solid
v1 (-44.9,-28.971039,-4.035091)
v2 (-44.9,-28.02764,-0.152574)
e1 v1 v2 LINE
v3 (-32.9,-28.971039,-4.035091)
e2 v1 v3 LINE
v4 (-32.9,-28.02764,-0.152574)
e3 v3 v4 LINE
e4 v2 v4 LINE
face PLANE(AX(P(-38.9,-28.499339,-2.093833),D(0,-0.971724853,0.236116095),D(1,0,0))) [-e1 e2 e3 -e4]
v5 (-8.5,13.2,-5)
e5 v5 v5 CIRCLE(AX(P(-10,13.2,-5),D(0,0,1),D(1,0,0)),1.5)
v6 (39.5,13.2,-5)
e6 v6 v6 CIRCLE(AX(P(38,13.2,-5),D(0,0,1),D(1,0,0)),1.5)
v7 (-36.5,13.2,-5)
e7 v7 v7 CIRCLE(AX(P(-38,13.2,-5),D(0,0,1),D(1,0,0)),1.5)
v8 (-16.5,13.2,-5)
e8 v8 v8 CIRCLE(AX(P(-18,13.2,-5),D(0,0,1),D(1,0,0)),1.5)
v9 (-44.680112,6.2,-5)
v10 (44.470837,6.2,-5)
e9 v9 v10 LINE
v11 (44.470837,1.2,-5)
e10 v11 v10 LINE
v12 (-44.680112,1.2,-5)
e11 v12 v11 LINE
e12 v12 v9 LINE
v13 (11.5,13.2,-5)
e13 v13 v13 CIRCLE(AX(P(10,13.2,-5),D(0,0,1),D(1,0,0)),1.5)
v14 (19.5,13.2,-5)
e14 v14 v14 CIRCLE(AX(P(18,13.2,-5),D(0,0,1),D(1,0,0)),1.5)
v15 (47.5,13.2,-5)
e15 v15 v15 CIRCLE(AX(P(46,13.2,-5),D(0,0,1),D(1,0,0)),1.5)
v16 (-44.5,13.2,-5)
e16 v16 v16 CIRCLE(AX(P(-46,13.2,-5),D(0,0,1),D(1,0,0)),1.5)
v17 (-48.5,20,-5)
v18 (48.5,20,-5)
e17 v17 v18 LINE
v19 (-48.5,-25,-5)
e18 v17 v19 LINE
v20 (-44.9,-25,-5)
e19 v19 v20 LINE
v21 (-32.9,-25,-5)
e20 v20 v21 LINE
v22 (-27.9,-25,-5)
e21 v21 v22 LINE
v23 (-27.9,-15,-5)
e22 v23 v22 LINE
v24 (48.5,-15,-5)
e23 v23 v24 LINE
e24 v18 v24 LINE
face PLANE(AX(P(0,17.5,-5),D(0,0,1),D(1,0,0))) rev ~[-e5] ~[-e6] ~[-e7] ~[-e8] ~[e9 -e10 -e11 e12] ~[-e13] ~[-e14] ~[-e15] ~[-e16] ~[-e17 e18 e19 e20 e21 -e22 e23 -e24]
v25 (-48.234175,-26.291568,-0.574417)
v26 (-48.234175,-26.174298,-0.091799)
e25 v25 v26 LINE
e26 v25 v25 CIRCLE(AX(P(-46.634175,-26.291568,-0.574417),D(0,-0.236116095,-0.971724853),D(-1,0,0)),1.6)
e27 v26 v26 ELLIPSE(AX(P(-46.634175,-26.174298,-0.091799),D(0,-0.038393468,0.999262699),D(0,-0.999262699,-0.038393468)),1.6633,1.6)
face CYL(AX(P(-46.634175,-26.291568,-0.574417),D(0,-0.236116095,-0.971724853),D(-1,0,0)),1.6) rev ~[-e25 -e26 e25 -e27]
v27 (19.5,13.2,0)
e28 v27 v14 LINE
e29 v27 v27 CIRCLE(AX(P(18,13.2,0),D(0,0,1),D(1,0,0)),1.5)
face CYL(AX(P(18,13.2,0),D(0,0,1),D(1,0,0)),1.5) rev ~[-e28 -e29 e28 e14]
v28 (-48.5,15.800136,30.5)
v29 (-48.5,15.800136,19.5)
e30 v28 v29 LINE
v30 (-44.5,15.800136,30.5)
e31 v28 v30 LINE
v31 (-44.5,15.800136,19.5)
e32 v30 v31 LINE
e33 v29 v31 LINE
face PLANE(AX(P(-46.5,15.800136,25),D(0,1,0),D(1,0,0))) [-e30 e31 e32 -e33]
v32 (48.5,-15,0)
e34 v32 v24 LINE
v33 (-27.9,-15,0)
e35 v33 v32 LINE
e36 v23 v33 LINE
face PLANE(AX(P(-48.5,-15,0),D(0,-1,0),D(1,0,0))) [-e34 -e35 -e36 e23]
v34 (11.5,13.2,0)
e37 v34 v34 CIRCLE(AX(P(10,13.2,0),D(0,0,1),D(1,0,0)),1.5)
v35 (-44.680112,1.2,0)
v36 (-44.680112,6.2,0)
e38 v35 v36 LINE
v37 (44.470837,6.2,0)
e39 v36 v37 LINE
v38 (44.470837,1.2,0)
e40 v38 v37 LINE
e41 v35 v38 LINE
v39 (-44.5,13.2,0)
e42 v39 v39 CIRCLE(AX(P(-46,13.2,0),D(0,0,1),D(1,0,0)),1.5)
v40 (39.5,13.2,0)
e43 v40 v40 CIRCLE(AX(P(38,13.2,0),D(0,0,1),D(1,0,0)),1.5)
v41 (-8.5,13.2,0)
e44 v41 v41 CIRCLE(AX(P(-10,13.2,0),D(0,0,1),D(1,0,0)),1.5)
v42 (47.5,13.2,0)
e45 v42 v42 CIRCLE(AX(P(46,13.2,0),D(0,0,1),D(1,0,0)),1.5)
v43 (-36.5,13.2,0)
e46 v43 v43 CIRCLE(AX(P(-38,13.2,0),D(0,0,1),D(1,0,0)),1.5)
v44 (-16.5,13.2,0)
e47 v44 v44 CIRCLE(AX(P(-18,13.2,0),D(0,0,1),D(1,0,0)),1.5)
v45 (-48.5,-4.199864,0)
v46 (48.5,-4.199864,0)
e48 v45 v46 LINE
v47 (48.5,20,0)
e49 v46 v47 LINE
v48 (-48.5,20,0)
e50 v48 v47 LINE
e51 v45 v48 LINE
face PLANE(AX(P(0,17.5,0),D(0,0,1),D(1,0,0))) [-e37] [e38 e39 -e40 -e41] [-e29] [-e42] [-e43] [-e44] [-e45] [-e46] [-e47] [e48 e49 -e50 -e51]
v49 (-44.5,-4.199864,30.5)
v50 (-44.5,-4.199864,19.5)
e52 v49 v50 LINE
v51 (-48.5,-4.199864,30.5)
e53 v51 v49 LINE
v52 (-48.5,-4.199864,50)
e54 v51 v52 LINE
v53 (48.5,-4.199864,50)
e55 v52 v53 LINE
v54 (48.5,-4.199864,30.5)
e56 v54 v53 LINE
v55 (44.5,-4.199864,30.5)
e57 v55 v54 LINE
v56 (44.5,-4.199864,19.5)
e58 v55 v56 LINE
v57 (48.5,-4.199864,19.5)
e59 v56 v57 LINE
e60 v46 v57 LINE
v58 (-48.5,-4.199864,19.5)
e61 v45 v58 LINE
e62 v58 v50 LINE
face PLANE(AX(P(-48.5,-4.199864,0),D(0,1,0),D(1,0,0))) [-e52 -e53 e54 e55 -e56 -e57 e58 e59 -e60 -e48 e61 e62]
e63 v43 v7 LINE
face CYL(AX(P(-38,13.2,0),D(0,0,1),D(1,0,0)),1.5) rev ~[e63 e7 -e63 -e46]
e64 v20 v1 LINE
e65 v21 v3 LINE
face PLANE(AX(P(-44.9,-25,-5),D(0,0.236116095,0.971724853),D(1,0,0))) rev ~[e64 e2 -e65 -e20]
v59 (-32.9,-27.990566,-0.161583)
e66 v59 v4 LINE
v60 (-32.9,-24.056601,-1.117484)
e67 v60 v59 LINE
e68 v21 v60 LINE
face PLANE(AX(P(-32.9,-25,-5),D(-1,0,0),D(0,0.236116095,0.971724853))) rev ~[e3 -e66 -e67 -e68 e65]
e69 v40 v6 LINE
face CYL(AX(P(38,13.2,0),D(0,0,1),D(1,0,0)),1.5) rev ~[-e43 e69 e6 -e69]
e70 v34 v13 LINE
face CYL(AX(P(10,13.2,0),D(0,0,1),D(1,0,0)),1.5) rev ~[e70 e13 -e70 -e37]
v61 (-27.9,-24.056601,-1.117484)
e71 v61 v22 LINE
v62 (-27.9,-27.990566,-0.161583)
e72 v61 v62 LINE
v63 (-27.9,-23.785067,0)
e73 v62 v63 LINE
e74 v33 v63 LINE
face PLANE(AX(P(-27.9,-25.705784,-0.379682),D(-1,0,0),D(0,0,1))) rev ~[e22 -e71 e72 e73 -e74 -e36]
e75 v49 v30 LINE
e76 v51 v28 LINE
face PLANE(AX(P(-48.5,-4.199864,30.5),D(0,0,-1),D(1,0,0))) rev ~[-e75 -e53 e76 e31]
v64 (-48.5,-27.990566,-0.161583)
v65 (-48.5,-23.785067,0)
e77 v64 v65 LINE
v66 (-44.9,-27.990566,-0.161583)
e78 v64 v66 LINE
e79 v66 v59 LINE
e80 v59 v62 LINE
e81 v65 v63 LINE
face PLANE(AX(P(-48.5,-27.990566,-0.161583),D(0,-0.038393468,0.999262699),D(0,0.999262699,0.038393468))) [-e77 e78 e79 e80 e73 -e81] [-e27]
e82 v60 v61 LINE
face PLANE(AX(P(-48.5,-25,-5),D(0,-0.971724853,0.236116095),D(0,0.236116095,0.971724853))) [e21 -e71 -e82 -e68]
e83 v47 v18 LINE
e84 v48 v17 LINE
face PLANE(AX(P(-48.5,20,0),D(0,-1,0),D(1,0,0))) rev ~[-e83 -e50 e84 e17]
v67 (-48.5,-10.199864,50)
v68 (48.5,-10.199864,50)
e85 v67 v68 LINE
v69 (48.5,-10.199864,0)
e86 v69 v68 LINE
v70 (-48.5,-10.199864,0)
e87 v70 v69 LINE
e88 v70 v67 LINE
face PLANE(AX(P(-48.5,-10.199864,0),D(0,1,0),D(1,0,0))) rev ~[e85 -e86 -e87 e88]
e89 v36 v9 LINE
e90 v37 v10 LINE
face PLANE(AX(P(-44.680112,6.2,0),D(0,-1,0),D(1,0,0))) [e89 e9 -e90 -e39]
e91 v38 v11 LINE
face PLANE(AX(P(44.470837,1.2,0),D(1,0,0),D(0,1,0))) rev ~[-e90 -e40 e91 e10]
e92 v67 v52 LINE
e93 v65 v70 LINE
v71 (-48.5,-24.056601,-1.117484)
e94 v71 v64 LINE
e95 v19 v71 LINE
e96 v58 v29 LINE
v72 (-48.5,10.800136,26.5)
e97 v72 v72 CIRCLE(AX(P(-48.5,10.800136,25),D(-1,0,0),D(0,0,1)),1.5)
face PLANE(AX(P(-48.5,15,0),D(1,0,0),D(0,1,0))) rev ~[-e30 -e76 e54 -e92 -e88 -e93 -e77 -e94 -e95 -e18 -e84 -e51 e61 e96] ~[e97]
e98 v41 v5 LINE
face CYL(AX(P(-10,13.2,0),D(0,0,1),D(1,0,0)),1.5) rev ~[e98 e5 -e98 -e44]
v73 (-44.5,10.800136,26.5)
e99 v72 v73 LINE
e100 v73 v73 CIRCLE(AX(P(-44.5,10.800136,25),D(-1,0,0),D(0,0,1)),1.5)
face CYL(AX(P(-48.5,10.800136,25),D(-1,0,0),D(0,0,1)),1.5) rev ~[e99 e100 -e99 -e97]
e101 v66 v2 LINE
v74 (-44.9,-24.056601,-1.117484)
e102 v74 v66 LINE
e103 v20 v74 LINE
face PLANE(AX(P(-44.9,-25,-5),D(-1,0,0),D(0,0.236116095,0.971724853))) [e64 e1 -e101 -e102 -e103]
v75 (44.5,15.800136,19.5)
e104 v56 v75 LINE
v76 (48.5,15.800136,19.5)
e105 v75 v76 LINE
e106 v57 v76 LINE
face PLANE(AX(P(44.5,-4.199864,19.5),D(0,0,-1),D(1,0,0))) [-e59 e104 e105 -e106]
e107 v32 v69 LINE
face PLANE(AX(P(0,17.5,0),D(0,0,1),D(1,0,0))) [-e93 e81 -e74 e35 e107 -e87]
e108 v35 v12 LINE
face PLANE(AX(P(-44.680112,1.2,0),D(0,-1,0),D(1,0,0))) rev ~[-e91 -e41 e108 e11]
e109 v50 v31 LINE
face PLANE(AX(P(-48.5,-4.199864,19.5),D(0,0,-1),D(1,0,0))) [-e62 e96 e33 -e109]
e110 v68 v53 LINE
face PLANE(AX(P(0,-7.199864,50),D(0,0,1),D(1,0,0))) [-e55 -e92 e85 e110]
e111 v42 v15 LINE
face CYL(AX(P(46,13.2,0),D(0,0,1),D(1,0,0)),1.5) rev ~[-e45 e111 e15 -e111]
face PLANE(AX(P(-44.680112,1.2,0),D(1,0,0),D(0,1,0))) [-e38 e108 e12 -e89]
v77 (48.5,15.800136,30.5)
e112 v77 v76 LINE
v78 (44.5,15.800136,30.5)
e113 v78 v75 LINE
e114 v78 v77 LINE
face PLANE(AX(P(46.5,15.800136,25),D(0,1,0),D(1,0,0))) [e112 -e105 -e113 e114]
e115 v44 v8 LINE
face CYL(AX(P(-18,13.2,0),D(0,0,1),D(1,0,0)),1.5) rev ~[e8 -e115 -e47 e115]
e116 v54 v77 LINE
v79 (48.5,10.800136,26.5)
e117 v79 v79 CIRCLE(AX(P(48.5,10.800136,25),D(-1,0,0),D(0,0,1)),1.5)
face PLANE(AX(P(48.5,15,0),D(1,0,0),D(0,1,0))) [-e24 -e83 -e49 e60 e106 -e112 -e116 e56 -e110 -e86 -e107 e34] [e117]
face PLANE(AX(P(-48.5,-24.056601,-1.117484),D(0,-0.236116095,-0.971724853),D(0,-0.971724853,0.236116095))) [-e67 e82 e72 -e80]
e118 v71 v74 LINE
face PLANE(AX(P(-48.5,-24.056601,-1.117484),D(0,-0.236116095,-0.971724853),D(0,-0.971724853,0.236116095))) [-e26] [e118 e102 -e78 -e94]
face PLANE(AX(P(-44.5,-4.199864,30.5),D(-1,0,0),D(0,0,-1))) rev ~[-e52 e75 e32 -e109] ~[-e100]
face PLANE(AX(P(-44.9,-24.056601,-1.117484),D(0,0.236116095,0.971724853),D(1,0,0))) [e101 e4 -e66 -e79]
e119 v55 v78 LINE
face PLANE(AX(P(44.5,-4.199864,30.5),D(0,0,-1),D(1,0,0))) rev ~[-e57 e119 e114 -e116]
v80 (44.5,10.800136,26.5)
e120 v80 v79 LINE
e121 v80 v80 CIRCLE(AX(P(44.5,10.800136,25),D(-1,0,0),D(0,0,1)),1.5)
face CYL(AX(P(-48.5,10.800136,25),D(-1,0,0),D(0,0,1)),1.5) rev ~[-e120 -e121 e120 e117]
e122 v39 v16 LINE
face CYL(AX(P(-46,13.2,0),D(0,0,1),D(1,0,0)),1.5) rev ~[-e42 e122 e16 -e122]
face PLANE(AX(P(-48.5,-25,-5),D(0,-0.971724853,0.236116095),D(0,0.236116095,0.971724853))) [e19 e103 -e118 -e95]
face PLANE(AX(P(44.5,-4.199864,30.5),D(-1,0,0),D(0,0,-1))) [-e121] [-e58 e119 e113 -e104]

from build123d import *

# Parameters (mm, degrees)
SKETCH1_W                      = 97
SKETCH1_H                      = 30
SKETCH1_R                      = 1.5
BOSS_EXTRUDE1_DEPTH            = 5
SKETCH2_W                      = 20.6
SKETCH2_H                      = 5
BOSS_EXTRUDE2_DEPTH            = 10
CUT_EXTRUDE1_REACH             = 99
CUT_EXTRUDE1_DIRECTION_2_DEPTH = 1
BOSS_EXTRUDE3_DEPTH            = 20.6
SKETCH5_W                      = 12
SKETCH5_H                      = 3.995489472
BOSS_EXTRUDE4_DEPTH            = 4.086588
SKETCH6_R                      = 1.6
CUT_EXTRUDE3_DEPTH             = 2
SKETCH7_W                      = 97
SKETCH7_H                      = 5
BOSS_EXTRUDE5_DEPTH            = 5
SKETCH8_W                      = 89.150949319
SKETCH8_H                      = 5
CUT_EXTRUDE5_DEPTH             = 6
SKETCH10_W                     = 97
SKETCH10_H                     = 6
BOSS_EXTRUDE7_DEPTH            = 50
SKETCH11_W                     = 4
SKETCH11_H                     = 11
BOSS_EXTRUDE8_DEPTH            = 20
SKETCH12_R                     = 1.5
CUT_EXTRUDE6_DEPTH             = 98


with BuildPart() as part:
    # Sketch1 → Boss-Extrude1 (new body)
    with BuildSketch(Plane.XY):
        Rectangle(SKETCH1_W, SKETCH1_H)
        with Locations((-46, 13.2)):
            Circle(SKETCH1_R, mode=Mode.SUBTRACT)
        with Locations((-38, 13.2)):
            Circle(SKETCH1_R, mode=Mode.SUBTRACT)
        with Locations((-18, 13.2)):
            Circle(SKETCH1_R, mode=Mode.SUBTRACT)
        with Locations((-10, 13.2)):
            Circle(SKETCH1_R, mode=Mode.SUBTRACT)
        with Locations((10, 13.2)):
            Circle(SKETCH1_R, mode=Mode.SUBTRACT)
        with Locations((18, 13.2)):
            Circle(SKETCH1_R, mode=Mode.SUBTRACT)
        with Locations((38, 13.2)):
            Circle(SKETCH1_R, mode=Mode.SUBTRACT)
        with Locations((46, 13.2)):
            Circle(SKETCH1_R, mode=Mode.SUBTRACT)
    extrude(amount=-BOSS_EXTRUDE1_DEPTH)

    # Sketch2 → Boss-Extrude2 (add)
    with BuildSketch(Plane.XZ.offset(15)):
        with Locations((-38.2, -2.5)):
            Rectangle(SKETCH2_W, SKETCH2_H)
    extrude(amount=BOSS_EXTRUDE2_DEPTH)

    # Sketch3 → Cut-Extrude1 (cut, up to next)
    with BuildSketch(Plane.ZY.offset(48.5), mode=Mode.PRIVATE) as cut_extrude1_sk1:
        Polygon((0, -25), (-5, -25), (0, -23.785067119), align=None)
    cut_extrude1_tool1 = extrude(cut_extrude1_sk1.sketch, amount=-CUT_EXTRUDE1_REACH, mode=Mode.PRIVATE) & part.part
    add(cut_extrude1_tool1.solids().sort_by_distance((-48.5, -24.595022, -1.666667))[0], mode=Mode.SUBTRACT)

    # Sketch3 → Cut-Extrude1 direction 2 (cut)
    with BuildSketch(Plane.ZY.offset(48.5)):
        Polygon((0, -25), (-5, -25), (0, -23.785067119), align=None)
    extrude(amount=CUT_EXTRUDE1_DIRECTION_2_DEPTH, mode=Mode.SUBTRACT)

    # Sketch4 → Boss-Extrude3 (add)
    with BuildSketch(Plane.ZY.offset(48.5)):
        Polygon((0, -23.785067119), (-1.117483581, -24.056600628), (-0.16158282, -27.990565936), align=None)
    extrude(amount=-BOSS_EXTRUDE3_DEPTH)

    # Sketch5 → Boss-Extrude4 (add)
    with BuildSketch(Plane(origin=(0, -22.459030354, 5.45724289), x_dir=(1, 0, 0), z_dir=(0, -0.971724853, 0.236116095))):
        with Locations((-38.9, -8.763781903)):
            Rectangle(SKETCH5_W, SKETCH5_H)
    extrude(amount=BOSS_EXTRUDE4_DEPTH)

    # Sketch6 → Cut-Extrude3 (cut)
    with BuildSketch(Plane(origin=(0, -1.597570275, -6.574726471), x_dir=(-1, 0, 0), z_dir=(0, -0.236116095, -0.971724853))):
        with Locations((46.634175133, -25.412540847)):
            Circle(SKETCH6_R)
    extrude(amount=-CUT_EXTRUDE3_DEPTH, mode=Mode.SUBTRACT)

    # Sketch7 → Boss-Extrude5 (add, through all)
    with BuildSketch(Plane.XY):
        with Locations((0, 17.5)):
            Rectangle(SKETCH7_W, SKETCH7_H)
    extrude(amount=-BOSS_EXTRUDE5_DEPTH)

    # Sketch8 → Cut-Extrude5 (cut, through all)
    with BuildSketch(Plane.XY):
        with Locations((-0.104637264, 3.7)):
            Rectangle(SKETCH8_W, SKETCH8_H)
    extrude(amount=-CUT_EXTRUDE5_DEPTH, mode=Mode.SUBTRACT)

    # Sketch10 → Boss-Extrude7 (add)
    with BuildSketch(Plane.XY):
        with Locations((0, -7.199863622)):
            Rectangle(SKETCH10_W, SKETCH10_H)
    extrude(amount=BOSS_EXTRUDE7_DEPTH)

    # Sketch11 → Boss-Extrude8 (add)
    with BuildSketch(Plane(origin=(0, -4.199863622, 0), x_dir=(1, 0, 0), z_dir=(0, 1, 0))):
        with Locations((46.5, -25)):
            Rectangle(SKETCH11_W, SKETCH11_H)
        with Locations((-46.5, -25)):
            Rectangle(SKETCH11_W, SKETCH11_H)
    extrude(amount=BOSS_EXTRUDE8_DEPTH)

    # Sketch12 → Cut-Extrude6 (cut, through all)
    with BuildSketch(Plane.ZY.offset(48.5)):
        with Locations((25, 10.800136378)):
            Circle(SKETCH12_R)
    extrude(amount=-CUT_EXTRUDE6_DEPTH, mode=Mode.SUBTRACT)


solid = part.part
